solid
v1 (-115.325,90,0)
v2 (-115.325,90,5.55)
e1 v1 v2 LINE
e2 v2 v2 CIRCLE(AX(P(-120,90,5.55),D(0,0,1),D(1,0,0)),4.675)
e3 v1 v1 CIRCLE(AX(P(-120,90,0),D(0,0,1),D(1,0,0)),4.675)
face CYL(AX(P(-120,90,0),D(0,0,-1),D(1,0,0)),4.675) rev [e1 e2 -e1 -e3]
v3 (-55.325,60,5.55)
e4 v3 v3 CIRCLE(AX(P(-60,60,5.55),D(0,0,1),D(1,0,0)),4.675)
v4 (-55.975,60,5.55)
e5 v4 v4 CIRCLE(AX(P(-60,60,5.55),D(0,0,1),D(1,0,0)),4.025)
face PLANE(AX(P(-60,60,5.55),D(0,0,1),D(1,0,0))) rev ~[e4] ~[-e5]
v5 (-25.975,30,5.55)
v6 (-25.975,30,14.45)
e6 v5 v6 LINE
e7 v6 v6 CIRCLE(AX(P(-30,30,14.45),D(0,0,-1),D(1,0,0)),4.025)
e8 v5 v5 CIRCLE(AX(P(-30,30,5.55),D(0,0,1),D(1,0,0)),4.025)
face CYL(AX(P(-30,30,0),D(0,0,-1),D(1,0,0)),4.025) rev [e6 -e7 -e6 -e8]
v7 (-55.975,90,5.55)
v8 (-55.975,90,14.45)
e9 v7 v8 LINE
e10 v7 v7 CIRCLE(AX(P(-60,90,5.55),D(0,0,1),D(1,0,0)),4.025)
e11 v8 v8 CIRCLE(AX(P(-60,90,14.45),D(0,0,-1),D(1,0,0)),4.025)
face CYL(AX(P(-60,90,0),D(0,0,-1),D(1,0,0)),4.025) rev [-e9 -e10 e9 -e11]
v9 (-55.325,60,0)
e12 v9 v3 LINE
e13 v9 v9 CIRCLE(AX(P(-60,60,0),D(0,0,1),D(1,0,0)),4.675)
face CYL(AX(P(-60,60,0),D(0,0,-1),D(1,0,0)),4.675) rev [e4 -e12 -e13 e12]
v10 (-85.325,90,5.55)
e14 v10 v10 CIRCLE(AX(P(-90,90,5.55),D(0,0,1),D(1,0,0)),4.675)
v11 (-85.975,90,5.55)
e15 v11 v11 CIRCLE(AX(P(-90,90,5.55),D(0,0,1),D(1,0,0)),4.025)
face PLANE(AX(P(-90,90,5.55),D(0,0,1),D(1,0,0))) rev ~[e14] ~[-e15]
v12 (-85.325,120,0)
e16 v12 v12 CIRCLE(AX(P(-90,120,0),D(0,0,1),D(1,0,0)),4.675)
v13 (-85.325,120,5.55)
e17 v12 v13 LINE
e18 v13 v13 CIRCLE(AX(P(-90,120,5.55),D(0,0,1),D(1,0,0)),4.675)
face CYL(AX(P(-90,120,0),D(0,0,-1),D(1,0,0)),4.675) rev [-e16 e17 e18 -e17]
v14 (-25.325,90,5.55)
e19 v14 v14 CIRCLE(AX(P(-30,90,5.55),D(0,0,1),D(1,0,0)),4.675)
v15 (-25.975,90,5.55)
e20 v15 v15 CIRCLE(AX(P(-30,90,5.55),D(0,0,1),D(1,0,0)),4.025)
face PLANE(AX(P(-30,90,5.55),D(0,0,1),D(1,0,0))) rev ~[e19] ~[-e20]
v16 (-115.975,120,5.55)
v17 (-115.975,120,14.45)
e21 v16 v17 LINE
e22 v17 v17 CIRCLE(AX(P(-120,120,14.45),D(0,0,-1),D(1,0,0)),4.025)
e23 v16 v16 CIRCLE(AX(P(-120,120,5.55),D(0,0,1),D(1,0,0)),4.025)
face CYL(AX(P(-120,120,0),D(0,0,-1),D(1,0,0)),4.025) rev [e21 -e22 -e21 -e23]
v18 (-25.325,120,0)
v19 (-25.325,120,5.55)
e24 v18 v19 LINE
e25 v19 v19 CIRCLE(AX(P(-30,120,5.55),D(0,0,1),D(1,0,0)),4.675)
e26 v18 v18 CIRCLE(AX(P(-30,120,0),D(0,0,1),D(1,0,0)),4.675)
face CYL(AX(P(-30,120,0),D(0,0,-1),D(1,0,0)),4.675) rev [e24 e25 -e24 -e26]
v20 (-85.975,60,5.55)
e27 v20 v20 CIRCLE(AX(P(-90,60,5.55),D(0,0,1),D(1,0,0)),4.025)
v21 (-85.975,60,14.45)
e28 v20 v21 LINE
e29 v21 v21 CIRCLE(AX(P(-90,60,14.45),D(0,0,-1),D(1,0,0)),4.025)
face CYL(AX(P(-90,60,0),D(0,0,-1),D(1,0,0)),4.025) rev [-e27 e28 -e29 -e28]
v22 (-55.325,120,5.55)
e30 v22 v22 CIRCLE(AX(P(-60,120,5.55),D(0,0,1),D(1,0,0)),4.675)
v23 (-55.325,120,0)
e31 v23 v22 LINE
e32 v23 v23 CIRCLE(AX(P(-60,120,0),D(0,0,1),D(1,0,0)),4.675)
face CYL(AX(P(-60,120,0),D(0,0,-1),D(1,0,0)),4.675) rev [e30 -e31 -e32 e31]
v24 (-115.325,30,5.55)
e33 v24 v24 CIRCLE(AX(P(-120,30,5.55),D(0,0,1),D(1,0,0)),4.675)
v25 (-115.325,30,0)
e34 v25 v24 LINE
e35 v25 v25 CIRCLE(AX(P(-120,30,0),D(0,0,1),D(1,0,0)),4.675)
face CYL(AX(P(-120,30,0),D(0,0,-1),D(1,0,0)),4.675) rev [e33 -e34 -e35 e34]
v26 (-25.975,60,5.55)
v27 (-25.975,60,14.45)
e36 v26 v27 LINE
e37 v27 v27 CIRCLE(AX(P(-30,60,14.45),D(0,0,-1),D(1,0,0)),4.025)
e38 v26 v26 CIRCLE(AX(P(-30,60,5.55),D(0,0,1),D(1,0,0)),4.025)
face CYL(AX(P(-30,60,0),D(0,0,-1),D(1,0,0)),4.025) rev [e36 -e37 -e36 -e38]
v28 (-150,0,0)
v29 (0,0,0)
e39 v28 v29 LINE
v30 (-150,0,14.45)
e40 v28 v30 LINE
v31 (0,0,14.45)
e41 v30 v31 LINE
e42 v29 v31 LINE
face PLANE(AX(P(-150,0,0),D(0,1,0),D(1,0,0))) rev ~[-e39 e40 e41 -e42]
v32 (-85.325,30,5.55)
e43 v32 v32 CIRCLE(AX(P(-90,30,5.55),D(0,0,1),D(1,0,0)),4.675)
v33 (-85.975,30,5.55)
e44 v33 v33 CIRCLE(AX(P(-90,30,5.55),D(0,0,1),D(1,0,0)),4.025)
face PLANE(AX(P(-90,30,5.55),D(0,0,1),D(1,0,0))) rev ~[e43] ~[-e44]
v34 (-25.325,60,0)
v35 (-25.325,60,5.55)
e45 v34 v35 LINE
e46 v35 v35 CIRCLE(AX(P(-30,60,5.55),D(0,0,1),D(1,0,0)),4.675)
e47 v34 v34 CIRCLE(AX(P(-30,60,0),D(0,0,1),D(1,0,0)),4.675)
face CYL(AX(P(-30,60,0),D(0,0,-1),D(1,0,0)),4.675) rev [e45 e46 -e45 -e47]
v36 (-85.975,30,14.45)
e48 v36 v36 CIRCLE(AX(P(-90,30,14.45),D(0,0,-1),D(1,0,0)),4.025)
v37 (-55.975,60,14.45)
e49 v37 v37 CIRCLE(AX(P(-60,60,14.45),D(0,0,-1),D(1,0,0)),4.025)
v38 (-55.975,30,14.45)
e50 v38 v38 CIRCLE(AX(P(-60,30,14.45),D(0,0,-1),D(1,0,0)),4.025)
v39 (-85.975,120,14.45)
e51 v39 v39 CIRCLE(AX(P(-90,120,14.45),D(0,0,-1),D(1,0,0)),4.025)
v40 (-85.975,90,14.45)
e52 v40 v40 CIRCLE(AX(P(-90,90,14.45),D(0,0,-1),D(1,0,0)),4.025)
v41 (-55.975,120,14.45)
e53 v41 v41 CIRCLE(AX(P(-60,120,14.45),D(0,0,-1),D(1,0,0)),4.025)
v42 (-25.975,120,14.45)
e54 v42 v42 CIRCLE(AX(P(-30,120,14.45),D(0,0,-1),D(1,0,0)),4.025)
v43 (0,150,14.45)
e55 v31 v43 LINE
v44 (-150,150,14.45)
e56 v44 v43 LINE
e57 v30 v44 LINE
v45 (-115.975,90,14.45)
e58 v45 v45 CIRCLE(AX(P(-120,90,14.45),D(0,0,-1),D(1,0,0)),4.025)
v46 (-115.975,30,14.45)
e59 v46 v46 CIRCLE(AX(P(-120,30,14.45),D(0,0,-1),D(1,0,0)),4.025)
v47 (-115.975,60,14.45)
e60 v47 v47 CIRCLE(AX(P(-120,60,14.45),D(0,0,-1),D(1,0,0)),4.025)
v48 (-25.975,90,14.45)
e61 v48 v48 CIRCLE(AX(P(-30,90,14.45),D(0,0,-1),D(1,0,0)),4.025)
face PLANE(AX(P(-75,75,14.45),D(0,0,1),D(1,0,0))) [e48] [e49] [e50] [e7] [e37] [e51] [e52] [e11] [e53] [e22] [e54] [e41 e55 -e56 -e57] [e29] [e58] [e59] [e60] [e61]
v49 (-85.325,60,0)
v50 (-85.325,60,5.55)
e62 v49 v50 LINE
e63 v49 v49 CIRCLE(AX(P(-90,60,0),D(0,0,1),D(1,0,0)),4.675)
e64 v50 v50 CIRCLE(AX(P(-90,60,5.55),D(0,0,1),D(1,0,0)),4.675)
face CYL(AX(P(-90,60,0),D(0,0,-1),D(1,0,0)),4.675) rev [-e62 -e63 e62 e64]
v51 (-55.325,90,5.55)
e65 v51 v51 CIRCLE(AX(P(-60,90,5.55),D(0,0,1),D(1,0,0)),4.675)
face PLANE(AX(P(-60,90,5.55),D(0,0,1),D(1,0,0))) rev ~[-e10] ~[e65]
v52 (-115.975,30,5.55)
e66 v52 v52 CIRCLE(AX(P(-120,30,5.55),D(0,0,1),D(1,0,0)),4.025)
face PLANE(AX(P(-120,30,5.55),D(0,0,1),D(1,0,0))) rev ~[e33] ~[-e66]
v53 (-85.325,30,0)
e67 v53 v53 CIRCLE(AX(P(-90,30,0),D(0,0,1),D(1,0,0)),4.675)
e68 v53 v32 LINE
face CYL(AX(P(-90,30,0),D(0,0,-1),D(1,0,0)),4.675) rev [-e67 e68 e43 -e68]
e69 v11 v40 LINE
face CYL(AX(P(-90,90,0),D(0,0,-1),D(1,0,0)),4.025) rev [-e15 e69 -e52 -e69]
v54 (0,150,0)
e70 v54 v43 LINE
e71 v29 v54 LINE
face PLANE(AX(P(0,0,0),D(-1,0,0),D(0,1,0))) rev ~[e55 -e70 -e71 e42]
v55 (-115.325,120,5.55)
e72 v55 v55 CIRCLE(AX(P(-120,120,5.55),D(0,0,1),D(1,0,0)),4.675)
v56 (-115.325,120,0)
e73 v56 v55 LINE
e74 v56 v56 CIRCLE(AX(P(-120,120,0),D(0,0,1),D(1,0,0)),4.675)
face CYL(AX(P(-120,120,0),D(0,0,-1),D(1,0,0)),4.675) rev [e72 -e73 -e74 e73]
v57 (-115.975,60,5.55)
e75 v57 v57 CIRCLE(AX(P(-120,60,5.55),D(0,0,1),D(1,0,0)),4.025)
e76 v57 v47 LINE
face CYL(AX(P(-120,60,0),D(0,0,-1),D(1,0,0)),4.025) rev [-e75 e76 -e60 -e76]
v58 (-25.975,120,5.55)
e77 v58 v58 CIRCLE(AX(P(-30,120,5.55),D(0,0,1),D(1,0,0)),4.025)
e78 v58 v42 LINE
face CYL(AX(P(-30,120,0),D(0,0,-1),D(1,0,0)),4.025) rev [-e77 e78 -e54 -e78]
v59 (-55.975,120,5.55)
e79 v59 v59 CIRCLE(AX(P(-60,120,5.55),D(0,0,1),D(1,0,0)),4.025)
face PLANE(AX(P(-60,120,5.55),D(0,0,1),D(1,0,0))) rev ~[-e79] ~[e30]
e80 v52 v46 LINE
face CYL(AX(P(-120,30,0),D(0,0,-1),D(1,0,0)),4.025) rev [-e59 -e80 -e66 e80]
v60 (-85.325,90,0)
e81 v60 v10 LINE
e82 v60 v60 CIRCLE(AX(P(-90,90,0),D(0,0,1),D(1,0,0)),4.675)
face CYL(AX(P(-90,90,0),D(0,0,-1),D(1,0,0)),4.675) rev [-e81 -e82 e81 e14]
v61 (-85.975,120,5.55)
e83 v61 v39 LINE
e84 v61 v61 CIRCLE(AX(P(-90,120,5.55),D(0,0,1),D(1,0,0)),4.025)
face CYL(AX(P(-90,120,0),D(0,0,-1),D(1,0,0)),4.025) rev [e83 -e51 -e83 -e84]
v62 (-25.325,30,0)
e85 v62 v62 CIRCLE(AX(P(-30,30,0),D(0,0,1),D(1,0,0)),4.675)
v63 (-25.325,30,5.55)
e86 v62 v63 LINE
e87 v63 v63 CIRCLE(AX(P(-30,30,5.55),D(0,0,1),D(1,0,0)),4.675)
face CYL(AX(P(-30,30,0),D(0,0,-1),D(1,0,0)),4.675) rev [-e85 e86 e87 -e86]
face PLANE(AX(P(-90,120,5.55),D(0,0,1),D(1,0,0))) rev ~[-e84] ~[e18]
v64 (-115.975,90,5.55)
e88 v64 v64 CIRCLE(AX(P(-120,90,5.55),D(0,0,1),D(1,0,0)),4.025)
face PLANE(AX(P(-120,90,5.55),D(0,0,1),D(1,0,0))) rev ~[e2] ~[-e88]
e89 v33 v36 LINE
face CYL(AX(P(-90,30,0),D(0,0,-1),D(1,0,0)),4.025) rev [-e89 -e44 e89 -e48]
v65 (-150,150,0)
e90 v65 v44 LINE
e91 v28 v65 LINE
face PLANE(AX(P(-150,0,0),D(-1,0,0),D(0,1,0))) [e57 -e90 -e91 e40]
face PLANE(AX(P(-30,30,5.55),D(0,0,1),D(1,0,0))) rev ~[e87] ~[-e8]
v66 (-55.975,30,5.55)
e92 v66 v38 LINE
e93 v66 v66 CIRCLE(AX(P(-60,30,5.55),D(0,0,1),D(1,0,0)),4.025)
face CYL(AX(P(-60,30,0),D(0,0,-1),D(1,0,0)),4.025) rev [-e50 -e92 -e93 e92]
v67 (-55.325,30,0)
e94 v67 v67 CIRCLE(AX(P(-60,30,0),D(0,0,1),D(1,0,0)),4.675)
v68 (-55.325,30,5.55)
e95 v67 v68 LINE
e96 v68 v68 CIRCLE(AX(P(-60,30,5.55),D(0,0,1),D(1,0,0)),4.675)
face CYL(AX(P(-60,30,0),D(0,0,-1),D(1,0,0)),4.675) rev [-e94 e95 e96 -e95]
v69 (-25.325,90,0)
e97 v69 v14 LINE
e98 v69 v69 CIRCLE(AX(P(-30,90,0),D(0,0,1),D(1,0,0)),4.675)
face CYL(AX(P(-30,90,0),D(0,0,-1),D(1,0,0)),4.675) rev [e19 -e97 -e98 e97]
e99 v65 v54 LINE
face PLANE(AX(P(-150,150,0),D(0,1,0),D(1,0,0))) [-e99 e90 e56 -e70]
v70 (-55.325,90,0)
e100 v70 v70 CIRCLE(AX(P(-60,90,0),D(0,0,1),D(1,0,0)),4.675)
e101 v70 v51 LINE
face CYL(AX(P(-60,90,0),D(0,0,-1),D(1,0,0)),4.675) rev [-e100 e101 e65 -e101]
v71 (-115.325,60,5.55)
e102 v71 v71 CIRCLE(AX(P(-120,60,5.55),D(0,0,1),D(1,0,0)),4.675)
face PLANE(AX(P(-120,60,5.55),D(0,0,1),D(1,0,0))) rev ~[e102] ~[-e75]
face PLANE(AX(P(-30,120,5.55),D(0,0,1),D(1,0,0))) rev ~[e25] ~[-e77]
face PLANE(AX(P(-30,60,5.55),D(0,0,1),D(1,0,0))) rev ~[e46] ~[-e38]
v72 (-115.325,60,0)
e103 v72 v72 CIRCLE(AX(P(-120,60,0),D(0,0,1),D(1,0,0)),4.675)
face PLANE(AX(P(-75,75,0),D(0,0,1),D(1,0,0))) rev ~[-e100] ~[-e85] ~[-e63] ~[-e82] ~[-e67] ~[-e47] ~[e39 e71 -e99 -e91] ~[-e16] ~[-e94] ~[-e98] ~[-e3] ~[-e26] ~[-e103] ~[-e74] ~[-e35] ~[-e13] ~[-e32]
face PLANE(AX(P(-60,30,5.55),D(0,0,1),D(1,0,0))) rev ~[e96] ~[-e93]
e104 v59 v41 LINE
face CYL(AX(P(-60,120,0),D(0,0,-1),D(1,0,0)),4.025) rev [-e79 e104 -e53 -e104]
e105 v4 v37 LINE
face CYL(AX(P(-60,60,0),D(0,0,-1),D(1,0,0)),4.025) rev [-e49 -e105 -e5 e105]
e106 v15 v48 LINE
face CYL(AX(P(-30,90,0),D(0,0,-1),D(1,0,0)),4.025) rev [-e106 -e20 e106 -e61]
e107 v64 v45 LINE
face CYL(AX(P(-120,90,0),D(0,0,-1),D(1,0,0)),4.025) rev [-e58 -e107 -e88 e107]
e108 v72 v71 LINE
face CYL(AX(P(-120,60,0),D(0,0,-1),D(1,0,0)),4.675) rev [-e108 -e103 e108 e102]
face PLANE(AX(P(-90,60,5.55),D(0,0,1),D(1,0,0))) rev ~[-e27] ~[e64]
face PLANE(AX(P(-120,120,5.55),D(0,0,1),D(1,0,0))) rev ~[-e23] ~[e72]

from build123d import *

# Parameters (mm, degrees)
F0_W     = 150
F0_H     = 150
F0_R     = 4.675
F0_R_2   = 4.025
F1_DEPTH = 14.45
F2_DEPTH = 25
F3_DEPTH = 5.55


with BuildPart() as f1:
    # F0 (on Top) → F1 (new body)
    with BuildSketch(Plane.XY):
        with Locations((-75, 75)):
            Rectangle(F0_W, F0_H)
        with Locations((-120, 30)):
            Circle(F0_R, mode=Mode.SUBTRACT)
        with Locations((-90, 30)):
            Circle(F0_R, mode=Mode.SUBTRACT)
        with Locations((-120, 60)):
            Circle(F0_R, mode=Mode.SUBTRACT)
        with Locations((-90, 60)):
            Circle(F0_R, mode=Mode.SUBTRACT)
        with Locations((-60, 30)):
            Circle(F0_R, mode=Mode.SUBTRACT)
        with Locations((-30, 30)):
            Circle(F0_R, mode=Mode.SUBTRACT)
        with Locations((-60, 60)):
            Circle(F0_R, mode=Mode.SUBTRACT)
        with Locations((-30, 60)):
            Circle(F0_R, mode=Mode.SUBTRACT)
        with Locations((-120, 90)):
            Circle(F0_R, mode=Mode.SUBTRACT)
        with Locations((-90, 90)):
            Circle(F0_R, mode=Mode.SUBTRACT)
        with Locations((-120, 120)):
            Circle(F0_R, mode=Mode.SUBTRACT)
        with Locations((-90, 120)):
            Circle(F0_R, mode=Mode.SUBTRACT)
        with Locations((-60, 90)):
            Circle(F0_R, mode=Mode.SUBTRACT)
        with Locations((-30, 90)):
            Circle(F0_R, mode=Mode.SUBTRACT)
        with Locations((-60, 120)):
            Circle(F0_R, mode=Mode.SUBTRACT)
        with Locations((-30, 120)):
            Circle(F0_R, mode=Mode.SUBTRACT)
        with Locations((-120, 120)):
            Circle(F0_R)
        with Locations((-120, 120)):
            Circle(F0_R_2, mode=Mode.SUBTRACT)
        with Locations((-90, 120)):
            Circle(F0_R)
        with Locations((-90, 120)):
            Circle(F0_R_2, mode=Mode.SUBTRACT)
        with Locations((-90, 90)):
            Circle(F0_R)
        with Locations((-90, 90)):
            Circle(F0_R_2, mode=Mode.SUBTRACT)
        with Locations((-60, 120)):
            Circle(F0_R)
        with Locations((-60, 120)):
            Circle(F0_R_2, mode=Mode.SUBTRACT)
        with Locations((-60, 90)):
            Circle(F0_R)
        with Locations((-60, 90)):
            Circle(F0_R_2, mode=Mode.SUBTRACT)
        with Locations((-120, 90)):
            Circle(F0_R)
        with Locations((-120, 90)):
            Circle(F0_R_2, mode=Mode.SUBTRACT)
        with Locations((-30, 120)):
            Circle(F0_R)
        with Locations((-30, 120)):
            Circle(F0_R_2, mode=Mode.SUBTRACT)
        with Locations((-30, 90)):
            Circle(F0_R)
        with Locations((-30, 90)):
            Circle(F0_R_2, mode=Mode.SUBTRACT)
        with Locations((-120, 60)):
            Circle(F0_R)
        with Locations((-120, 60)):
            Circle(F0_R_2, mode=Mode.SUBTRACT)
        with Locations((-90, 60)):
            Circle(F0_R)
        with Locations((-90, 60)):
            Circle(F0_R_2, mode=Mode.SUBTRACT)
        with Locations((-90, 30)):
            Circle(F0_R)
        with Locations((-90, 30)):
            Circle(F0_R_2, mode=Mode.SUBTRACT)
        with Locations((-120, 30)):
            Circle(F0_R)
        with Locations((-120, 30)):
            Circle(F0_R_2, mode=Mode.SUBTRACT)
        with Locations((-60, 30)):
            Circle(F0_R)
        with Locations((-60, 30)):
            Circle(F0_R_2, mode=Mode.SUBTRACT)
        with Locations((-30, 30)):
            Circle(F0_R)
        with Locations((-30, 30)):
            Circle(F0_R_2, mode=Mode.SUBTRACT)
        with Locations((-60, 60)):
            Circle(F0_R)
        with Locations((-60, 60)):
            Circle(F0_R_2, mode=Mode.SUBTRACT)
        with Locations((-30, 60)):
            Circle(F0_R)
        with Locations((-30, 60)):
            Circle(F0_R_2, mode=Mode.SUBTRACT)
        with Locations((-120, 120)):
            Circle(F0_R_2)
        with Locations((-90, 120)):
            Circle(F0_R_2)
        with Locations((-60, 120)):
            Circle(F0_R_2)
        with Locations((-30, 90)):
            Circle(F0_R_2)
        with Locations((-60, 90)):
            Circle(F0_R_2)
        with Locations((-90, 90)):
            Circle(F0_R_2)
        with Locations((-120, 60)):
            Circle(F0_R_2)
        with Locations((-90, 60)):
            Circle(F0_R_2)
        with Locations((-60, 60)):
            Circle(F0_R_2)
        with Locations((-30, 60)):
            Circle(F0_R_2)
        with Locations((-30, 30)):
            Circle(F0_R_2)
        with Locations((-60, 30)):
            Circle(F0_R_2)
        with Locations((-90, 30)):
            Circle(F0_R_2)
        with Locations((-120, 90)):
            Circle(F0_R_2)
        with Locations((-30, 120)):
            Circle(F0_R_2)
        with Locations((-120, 30)):
            Circle(F0_R_2)
    extrude(amount=F1_DEPTH)

    # F0 (on Top) → F2 (cut)
    with BuildSketch(Plane.XY):
        with Locations((-120, 30)):
            Circle(F0_R_2)
        with Locations((-90, 30)):
            Circle(F0_R_2)
        with Locations((-60, 30)):
            Circle(F0_R_2)
        with Locations((-30, 30)):
            Circle(F0_R_2)
        with Locations((-30, 60)):
            Circle(F0_R_2)
        with Locations((-60, 60)):
            Circle(F0_R_2)
        with Locations((-90, 60)):
            Circle(F0_R_2)
        with Locations((-120, 60)):
            Circle(F0_R_2)
        with Locations((-120, 90)):
            Circle(F0_R_2)
        with Locations((-90, 90)):
            Circle(F0_R_2)
        with Locations((-60, 90)):
            Circle(F0_R_2)
        with Locations((-30, 90)):
            Circle(F0_R_2)
        with Locations((-30, 120)):
            Circle(F0_R_2)
        with Locations((-60, 120)):
            Circle(F0_R_2)
        with Locations((-90, 120)):
            Circle(F0_R_2)
        with Locations((-120, 120)):
            Circle(F0_R_2)
    extrude(amount=F2_DEPTH, mode=Mode.SUBTRACT)

    # F0 (on Top) → F3 (cut)
    with BuildSketch(Plane.XY):
        with Locations((-120, 30)):
            Circle(F0_R)
        with Locations((-120, 30)):
            Circle(F0_R_2, mode=Mode.SUBTRACT)
        with Locations((-90, 30)):
            Circle(F0_R)
        with Locations((-90, 30)):
            Circle(F0_R_2, mode=Mode.SUBTRACT)
        with Locations((-60, 30)):
            Circle(F0_R)
        with Locations((-60, 30)):
            Circle(F0_R_2, mode=Mode.SUBTRACT)
        with Locations((-30, 30)):
            Circle(F0_R)
        with Locations((-30, 30)):
            Circle(F0_R_2, mode=Mode.SUBTRACT)
        with Locations((-30, 60)):
            Circle(F0_R)
        with Locations((-30, 60)):
            Circle(F0_R_2, mode=Mode.SUBTRACT)
        with Locations((-60, 60)):
            Circle(F0_R)
        with Locations((-60, 60)):
            Circle(F0_R_2, mode=Mode.SUBTRACT)
        with Locations((-90, 60)):
            Circle(F0_R)
        with Locations((-90, 60)):
            Circle(F0_R_2, mode=Mode.SUBTRACT)
        with Locations((-120, 60)):
            Circle(F0_R)
        with Locations((-120, 60)):
            Circle(F0_R_2, mode=Mode.SUBTRACT)
        with Locations((-120, 90)):
            Circle(F0_R)
        with Locations((-120, 90)):
            Circle(F0_R_2, mode=Mode.SUBTRACT)
        with Locations((-90, 90)):
            Circle(F0_R)
        with Locations((-90, 90)):
            Circle(F0_R_2, mode=Mode.SUBTRACT)
        with Locations((-60, 90)):
            Circle(F0_R)
        with Locations((-60, 90)):
            Circle(F0_R_2, mode=Mode.SUBTRACT)
        with Locations((-30, 90)):
            Circle(F0_R)
        with Locations((-30, 90)):
            Circle(F0_R_2, mode=Mode.SUBTRACT)
        with Locations((-30, 120)):
            Circle(F0_R)
        with Locations((-30, 120)):
            Circle(F0_R_2, mode=Mode.SUBTRACT)
        with Locations((-60, 120)):
            Circle(F0_R)
        with Locations((-60, 120)):
            Circle(F0_R_2, mode=Mode.SUBTRACT)
        with Locations((-90, 120)):
            Circle(F0_R)
        with Locations((-90, 120)):
            Circle(F0_R_2, mode=Mode.SUBTRACT)
        with Locations((-120, 120)):
            Circle(F0_R)
        with Locations((-120, 120)):
            Circle(F0_R_2, mode=Mode.SUBTRACT)
    extrude(amount=F3_DEPTH, mode=Mode.SUBTRACT)


solid = f1.part
